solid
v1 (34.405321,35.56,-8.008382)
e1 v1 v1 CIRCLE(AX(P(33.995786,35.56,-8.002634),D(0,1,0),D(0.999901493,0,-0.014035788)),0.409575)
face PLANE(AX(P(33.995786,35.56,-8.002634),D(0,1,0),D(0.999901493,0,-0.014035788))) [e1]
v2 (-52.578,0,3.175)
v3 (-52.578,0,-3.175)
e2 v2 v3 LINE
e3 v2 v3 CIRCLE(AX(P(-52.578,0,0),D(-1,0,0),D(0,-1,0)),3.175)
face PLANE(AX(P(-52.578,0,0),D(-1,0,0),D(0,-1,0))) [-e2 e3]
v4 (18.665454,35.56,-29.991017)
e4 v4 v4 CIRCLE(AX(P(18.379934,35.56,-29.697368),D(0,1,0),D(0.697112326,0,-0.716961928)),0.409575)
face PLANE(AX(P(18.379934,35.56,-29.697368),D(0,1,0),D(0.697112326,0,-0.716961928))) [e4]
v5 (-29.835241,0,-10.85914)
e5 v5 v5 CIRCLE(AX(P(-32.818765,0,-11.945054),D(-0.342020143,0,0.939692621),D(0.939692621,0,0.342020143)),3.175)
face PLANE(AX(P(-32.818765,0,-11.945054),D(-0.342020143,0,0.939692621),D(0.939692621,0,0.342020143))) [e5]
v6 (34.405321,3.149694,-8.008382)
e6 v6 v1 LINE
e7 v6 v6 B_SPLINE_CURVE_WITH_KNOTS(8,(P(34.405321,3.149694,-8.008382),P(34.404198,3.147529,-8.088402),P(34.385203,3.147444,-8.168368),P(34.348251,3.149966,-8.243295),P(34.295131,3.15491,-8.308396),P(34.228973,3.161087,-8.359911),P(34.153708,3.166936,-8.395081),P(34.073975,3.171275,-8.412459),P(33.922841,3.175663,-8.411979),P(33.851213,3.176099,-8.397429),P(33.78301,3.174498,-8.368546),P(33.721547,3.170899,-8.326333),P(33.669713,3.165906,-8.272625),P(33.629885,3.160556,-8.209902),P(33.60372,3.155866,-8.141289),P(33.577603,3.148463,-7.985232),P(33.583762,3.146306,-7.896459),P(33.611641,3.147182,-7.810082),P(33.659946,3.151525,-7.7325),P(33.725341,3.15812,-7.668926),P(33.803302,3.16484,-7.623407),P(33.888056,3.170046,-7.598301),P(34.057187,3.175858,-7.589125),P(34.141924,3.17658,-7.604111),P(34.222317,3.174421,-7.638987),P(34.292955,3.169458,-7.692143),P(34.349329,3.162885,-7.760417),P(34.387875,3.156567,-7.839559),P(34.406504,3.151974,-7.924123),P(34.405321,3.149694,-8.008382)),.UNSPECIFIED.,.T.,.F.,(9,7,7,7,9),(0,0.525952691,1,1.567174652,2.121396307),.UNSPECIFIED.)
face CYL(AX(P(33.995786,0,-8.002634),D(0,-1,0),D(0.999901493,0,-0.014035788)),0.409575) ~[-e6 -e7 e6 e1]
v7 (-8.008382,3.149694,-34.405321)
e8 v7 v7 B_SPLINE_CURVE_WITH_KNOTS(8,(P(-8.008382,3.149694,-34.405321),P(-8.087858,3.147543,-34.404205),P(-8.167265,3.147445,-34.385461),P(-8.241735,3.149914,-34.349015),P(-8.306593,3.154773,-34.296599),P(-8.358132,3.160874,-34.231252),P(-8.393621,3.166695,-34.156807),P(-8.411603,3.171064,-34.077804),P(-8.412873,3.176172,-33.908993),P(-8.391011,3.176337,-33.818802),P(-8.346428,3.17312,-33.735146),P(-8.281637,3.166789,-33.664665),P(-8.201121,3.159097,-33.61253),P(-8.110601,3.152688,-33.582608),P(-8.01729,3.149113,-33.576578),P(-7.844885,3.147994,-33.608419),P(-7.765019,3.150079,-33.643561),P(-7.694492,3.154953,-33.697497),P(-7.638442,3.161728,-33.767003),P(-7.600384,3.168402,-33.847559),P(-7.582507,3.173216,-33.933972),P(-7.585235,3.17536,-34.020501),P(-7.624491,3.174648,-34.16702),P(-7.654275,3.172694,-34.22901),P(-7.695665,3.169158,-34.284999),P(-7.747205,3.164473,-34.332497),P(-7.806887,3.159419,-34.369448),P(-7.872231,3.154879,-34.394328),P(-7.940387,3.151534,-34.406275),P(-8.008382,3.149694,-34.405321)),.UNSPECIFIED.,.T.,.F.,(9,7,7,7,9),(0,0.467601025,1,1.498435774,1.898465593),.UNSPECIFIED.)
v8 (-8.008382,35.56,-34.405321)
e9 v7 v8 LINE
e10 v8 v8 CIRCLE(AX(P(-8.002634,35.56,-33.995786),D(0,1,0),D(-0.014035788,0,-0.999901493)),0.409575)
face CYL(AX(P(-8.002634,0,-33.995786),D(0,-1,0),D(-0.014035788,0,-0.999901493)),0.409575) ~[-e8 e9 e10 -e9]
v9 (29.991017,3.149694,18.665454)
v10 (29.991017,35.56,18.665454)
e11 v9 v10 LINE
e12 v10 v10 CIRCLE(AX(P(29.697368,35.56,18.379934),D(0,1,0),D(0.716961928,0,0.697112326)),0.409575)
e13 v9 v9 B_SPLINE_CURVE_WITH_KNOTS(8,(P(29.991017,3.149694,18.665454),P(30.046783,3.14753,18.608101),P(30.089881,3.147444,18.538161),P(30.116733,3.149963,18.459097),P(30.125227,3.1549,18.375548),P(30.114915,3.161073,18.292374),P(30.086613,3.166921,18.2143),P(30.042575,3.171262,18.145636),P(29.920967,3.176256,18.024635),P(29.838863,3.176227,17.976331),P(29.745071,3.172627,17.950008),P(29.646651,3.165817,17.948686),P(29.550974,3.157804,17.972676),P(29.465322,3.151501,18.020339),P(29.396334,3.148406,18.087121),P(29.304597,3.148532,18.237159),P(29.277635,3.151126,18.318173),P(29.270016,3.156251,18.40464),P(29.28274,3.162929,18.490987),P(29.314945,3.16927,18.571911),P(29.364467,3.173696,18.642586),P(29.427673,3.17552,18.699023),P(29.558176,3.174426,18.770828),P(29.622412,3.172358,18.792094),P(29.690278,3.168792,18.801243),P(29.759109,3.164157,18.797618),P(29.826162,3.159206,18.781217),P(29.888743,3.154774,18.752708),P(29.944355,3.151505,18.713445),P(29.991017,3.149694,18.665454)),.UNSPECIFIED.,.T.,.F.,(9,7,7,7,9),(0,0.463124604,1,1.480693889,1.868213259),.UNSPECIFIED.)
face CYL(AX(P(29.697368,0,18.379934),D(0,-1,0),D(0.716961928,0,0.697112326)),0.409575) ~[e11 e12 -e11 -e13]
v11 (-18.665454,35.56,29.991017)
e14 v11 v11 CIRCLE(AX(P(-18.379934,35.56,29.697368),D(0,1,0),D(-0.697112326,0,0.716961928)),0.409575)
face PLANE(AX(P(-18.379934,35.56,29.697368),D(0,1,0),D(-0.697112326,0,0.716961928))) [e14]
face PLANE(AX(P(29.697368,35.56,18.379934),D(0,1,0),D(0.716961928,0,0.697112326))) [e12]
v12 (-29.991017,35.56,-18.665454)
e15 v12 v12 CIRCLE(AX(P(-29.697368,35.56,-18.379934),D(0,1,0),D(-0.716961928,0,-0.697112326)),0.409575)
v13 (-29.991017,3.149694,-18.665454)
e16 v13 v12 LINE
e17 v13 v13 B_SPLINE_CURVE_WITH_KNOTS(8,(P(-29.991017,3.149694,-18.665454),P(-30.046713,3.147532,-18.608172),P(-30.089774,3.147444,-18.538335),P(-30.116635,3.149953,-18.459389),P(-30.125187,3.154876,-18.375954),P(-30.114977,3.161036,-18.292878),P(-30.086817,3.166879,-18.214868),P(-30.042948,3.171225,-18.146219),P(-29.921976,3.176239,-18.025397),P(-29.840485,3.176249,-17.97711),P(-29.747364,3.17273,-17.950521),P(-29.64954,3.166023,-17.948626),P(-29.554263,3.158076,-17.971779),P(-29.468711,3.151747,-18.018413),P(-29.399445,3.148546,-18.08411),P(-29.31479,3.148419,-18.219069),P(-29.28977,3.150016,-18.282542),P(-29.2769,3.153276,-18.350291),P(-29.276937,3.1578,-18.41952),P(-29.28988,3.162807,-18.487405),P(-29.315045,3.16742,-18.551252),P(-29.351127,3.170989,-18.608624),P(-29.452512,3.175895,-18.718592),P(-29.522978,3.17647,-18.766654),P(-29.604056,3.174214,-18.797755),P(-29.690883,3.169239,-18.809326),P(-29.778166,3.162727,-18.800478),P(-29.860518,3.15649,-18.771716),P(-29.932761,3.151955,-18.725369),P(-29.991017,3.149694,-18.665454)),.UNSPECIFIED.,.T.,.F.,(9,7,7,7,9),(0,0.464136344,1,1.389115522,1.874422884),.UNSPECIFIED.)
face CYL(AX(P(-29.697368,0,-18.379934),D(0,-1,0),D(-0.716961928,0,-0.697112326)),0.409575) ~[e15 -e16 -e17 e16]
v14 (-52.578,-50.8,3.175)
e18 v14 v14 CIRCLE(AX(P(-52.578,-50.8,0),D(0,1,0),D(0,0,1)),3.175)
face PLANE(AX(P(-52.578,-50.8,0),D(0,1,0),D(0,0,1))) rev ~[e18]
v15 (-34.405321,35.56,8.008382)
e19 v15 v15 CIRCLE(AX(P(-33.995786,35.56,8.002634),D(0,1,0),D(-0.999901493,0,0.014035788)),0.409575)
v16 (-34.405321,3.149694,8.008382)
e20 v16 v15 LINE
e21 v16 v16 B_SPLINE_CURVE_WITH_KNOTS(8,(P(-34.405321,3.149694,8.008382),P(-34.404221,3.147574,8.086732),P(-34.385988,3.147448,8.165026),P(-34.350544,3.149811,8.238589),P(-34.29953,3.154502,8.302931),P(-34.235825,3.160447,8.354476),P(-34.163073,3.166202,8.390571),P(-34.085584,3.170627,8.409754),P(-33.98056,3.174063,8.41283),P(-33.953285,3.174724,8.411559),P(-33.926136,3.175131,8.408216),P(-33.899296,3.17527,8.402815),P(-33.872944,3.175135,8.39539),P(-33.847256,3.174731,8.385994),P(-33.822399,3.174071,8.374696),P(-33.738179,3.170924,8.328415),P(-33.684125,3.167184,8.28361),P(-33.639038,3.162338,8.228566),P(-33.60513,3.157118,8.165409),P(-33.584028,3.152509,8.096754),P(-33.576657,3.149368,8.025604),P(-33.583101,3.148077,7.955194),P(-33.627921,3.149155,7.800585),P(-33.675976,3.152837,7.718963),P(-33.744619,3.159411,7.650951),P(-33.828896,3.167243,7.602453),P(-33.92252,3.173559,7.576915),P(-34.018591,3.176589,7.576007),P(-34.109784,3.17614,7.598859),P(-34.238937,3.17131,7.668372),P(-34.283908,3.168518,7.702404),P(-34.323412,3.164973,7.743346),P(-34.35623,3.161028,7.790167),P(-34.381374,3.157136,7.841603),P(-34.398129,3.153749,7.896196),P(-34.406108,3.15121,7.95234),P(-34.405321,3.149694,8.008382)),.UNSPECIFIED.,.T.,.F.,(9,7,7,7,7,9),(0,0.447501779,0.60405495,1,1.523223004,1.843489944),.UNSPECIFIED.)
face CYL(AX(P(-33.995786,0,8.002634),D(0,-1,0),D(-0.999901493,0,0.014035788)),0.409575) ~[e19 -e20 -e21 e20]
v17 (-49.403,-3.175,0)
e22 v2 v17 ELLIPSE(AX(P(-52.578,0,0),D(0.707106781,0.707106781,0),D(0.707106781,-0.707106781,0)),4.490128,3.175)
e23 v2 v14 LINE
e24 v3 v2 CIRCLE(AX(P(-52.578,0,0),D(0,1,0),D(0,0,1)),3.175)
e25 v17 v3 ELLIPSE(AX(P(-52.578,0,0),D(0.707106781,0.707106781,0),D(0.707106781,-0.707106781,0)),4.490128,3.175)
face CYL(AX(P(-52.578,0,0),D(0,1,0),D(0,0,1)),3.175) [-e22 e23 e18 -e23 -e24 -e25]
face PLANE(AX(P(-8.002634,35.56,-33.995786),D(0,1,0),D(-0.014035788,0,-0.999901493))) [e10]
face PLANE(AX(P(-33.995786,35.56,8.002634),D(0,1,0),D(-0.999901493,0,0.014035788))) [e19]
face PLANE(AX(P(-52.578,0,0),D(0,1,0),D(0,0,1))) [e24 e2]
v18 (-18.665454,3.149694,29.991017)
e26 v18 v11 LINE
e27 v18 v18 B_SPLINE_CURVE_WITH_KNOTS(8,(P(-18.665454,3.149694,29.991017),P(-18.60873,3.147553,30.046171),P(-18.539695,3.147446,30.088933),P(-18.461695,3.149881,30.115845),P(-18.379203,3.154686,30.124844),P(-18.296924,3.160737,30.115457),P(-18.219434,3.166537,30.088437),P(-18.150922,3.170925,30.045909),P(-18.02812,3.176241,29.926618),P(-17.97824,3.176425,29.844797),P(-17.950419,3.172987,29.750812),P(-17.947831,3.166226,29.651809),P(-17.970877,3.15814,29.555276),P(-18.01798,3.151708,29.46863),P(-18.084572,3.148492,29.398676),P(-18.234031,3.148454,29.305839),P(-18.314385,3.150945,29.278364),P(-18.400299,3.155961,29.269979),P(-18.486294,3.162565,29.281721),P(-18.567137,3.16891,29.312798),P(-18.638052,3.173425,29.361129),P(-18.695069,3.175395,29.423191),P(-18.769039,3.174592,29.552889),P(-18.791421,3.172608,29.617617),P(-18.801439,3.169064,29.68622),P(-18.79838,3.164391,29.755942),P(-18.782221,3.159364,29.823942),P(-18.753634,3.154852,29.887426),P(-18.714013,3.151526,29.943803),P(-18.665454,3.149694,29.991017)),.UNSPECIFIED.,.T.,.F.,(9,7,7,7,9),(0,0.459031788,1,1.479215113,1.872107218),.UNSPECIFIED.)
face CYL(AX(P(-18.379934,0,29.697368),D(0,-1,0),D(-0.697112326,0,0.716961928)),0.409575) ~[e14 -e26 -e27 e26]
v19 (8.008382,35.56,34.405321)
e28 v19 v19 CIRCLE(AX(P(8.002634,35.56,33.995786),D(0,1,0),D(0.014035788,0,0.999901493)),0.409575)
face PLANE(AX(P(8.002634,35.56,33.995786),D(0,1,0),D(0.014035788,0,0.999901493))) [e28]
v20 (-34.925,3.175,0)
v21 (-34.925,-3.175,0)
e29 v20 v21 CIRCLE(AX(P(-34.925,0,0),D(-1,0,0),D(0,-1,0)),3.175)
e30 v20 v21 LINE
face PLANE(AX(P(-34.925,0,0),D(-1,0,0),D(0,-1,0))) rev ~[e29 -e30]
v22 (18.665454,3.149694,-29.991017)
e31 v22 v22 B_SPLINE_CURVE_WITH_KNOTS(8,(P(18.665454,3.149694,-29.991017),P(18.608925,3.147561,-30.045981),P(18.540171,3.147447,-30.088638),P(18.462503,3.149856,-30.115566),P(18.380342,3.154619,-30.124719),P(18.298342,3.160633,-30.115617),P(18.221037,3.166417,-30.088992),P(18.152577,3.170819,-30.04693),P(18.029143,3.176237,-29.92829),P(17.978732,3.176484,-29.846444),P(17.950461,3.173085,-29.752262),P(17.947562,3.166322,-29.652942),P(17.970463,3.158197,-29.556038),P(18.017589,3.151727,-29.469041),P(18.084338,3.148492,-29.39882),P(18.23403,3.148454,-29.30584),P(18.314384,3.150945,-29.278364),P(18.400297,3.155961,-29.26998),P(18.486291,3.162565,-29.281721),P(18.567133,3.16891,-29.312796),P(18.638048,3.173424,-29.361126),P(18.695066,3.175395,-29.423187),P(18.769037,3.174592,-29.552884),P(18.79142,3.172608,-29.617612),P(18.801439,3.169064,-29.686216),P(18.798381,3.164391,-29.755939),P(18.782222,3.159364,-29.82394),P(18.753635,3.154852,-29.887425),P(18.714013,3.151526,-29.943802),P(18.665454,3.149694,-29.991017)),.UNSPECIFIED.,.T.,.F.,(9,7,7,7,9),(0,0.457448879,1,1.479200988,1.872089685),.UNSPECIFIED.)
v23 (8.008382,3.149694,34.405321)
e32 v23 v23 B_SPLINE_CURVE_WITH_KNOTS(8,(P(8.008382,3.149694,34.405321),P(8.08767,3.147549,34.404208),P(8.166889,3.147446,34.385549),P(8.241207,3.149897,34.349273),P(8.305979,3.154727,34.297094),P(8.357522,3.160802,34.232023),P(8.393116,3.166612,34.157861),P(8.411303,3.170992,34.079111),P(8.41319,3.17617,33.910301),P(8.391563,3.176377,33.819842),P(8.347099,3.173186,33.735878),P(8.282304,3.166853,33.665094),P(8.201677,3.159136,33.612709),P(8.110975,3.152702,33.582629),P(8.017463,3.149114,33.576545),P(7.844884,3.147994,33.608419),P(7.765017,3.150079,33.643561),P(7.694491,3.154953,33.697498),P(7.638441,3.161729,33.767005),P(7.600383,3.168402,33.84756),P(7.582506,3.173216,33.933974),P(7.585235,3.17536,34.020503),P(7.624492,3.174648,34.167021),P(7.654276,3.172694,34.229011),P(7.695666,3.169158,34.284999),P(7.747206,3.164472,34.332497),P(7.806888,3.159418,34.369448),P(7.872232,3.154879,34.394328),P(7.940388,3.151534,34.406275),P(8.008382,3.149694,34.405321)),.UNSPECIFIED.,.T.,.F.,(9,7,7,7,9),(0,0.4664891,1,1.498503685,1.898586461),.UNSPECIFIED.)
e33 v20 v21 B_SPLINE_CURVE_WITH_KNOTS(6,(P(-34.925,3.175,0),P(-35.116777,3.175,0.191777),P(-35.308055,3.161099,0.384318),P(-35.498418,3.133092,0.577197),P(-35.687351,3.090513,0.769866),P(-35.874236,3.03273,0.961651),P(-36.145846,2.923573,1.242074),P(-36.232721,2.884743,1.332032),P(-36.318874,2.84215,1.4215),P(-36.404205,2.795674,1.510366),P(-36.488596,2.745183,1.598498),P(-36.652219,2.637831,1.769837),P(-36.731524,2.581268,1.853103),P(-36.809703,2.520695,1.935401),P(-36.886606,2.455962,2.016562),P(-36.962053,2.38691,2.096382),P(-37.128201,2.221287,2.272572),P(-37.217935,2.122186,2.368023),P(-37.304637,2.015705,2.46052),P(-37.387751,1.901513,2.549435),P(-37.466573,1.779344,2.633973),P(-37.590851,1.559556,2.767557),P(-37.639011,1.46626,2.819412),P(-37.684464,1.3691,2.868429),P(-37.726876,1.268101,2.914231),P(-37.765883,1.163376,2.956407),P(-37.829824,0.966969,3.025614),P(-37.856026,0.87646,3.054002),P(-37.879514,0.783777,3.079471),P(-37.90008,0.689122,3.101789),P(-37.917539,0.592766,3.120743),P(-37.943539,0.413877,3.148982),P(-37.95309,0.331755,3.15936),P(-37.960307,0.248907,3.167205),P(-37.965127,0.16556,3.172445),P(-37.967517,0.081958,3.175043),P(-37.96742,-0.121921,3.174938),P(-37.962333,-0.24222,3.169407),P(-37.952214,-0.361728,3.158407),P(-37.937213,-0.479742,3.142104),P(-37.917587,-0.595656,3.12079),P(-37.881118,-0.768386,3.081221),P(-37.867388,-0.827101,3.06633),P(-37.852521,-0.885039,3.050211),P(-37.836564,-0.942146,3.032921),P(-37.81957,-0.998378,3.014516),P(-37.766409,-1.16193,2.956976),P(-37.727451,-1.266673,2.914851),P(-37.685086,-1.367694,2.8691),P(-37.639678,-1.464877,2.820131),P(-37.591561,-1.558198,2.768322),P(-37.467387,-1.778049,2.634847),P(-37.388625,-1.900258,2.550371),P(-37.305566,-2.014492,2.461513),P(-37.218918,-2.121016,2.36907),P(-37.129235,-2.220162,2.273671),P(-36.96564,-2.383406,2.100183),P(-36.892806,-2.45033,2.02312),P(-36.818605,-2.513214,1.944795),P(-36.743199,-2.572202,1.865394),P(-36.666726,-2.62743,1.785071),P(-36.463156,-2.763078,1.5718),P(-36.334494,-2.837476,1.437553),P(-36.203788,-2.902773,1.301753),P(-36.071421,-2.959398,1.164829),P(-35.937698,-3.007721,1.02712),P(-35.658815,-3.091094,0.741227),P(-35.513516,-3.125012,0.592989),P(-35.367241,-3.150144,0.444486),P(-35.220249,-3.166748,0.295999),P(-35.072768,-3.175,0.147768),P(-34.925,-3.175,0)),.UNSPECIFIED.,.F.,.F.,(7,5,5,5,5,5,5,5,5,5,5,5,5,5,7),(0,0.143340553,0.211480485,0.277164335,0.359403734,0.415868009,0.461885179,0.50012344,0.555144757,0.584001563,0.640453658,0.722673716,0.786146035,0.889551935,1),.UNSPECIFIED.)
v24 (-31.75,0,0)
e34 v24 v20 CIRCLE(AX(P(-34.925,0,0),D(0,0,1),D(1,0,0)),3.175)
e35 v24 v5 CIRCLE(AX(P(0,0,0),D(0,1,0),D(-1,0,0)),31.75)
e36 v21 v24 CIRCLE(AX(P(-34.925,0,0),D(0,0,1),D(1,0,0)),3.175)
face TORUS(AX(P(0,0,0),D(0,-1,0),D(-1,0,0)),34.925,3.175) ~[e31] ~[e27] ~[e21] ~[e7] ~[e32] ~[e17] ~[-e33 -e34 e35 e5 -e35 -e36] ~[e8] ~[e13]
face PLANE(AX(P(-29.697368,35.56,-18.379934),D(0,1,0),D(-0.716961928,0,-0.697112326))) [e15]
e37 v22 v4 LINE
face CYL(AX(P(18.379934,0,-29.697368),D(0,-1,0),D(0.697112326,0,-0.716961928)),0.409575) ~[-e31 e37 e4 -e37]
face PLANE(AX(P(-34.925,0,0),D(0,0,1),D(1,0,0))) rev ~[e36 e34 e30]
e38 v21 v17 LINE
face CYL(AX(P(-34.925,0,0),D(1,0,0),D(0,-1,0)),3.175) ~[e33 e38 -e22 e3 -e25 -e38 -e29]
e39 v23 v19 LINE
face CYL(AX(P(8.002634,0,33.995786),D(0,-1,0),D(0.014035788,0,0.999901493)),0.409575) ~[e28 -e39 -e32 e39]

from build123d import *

# Parameters (mm, degrees)
SKETCH1_R           = 3.175
REVOLVE1_ANGLE      = 340
SKETCH2_R           = 0.409575
BOSS_EXTRUDE1_DEPTH = 35.56
CIRPATTERN1_COUNT   = 8
SKETCH7_R           = 3.175
BOSS_EXTRUDE2_DEPTH = 17.653
SKETCH10_R          = 3.175
BOSS_EXTRUDE3_DEPTH = 50.8


with BuildPart() as part:
    # Sketch1 → Revolve1 (revolve)
    with BuildSketch(Plane.XY):
        with Locations((-34.925, 0)):
            Circle(SKETCH1_R)
    revolve(axis=Axis((0, 0, 0), (0, 1, 0)), revolution_arc=REVOLVE1_ANGLE)

    # Sketch2 → Boss-Extrude1 (add)
    with BuildSketch(Plane(origin=(0, 0, 0), x_dir=(1, 0, 0), z_dir=(0, 1, 0))):
        with Locations(Location((-29.697367501, 18.379934399, 0), (0, 0, 135.804217831))):
            Circle(SKETCH2_R)
    boss_extrude1 = extrude(amount=BOSS_EXTRUDE1_DEPTH)

    # CirPattern1: Boss-Extrude1 ×8 about axis
    cirpattern1_axis = Axis((0, 0, 0), (0, 1, 0))
    for i in range(1, CIRPATTERN1_COUNT):
        add(boss_extrude1.rotate(cirpattern1_axis, i * 360 / CIRPATTERN1_COUNT))

    # Sketch7 → Boss-Extrude2 (add)
    with BuildSketch(Plane(origin=(-34.925, 0, 0), x_dir=(0, 1, 0), z_dir=(-1, 0, 0))):
        with Locations(Location((0, 0, 0), (0, 0, 180))):
            Circle(SKETCH7_R)
    extrude(amount=BOSS_EXTRUDE2_DEPTH)

    # Sketch10 → Boss-Extrude3 (add)
    with BuildSketch(Plane(origin=(0, 0, 0), x_dir=(0, 0, -1), z_dir=(0, 1, 0))):
        with Locations(Location((0, 52.578, 0), (0, 0, 180))):
            Circle(SKETCH10_R)
    extrude(amount=-BOSS_EXTRUDE3_DEPTH)


solid = part.part
